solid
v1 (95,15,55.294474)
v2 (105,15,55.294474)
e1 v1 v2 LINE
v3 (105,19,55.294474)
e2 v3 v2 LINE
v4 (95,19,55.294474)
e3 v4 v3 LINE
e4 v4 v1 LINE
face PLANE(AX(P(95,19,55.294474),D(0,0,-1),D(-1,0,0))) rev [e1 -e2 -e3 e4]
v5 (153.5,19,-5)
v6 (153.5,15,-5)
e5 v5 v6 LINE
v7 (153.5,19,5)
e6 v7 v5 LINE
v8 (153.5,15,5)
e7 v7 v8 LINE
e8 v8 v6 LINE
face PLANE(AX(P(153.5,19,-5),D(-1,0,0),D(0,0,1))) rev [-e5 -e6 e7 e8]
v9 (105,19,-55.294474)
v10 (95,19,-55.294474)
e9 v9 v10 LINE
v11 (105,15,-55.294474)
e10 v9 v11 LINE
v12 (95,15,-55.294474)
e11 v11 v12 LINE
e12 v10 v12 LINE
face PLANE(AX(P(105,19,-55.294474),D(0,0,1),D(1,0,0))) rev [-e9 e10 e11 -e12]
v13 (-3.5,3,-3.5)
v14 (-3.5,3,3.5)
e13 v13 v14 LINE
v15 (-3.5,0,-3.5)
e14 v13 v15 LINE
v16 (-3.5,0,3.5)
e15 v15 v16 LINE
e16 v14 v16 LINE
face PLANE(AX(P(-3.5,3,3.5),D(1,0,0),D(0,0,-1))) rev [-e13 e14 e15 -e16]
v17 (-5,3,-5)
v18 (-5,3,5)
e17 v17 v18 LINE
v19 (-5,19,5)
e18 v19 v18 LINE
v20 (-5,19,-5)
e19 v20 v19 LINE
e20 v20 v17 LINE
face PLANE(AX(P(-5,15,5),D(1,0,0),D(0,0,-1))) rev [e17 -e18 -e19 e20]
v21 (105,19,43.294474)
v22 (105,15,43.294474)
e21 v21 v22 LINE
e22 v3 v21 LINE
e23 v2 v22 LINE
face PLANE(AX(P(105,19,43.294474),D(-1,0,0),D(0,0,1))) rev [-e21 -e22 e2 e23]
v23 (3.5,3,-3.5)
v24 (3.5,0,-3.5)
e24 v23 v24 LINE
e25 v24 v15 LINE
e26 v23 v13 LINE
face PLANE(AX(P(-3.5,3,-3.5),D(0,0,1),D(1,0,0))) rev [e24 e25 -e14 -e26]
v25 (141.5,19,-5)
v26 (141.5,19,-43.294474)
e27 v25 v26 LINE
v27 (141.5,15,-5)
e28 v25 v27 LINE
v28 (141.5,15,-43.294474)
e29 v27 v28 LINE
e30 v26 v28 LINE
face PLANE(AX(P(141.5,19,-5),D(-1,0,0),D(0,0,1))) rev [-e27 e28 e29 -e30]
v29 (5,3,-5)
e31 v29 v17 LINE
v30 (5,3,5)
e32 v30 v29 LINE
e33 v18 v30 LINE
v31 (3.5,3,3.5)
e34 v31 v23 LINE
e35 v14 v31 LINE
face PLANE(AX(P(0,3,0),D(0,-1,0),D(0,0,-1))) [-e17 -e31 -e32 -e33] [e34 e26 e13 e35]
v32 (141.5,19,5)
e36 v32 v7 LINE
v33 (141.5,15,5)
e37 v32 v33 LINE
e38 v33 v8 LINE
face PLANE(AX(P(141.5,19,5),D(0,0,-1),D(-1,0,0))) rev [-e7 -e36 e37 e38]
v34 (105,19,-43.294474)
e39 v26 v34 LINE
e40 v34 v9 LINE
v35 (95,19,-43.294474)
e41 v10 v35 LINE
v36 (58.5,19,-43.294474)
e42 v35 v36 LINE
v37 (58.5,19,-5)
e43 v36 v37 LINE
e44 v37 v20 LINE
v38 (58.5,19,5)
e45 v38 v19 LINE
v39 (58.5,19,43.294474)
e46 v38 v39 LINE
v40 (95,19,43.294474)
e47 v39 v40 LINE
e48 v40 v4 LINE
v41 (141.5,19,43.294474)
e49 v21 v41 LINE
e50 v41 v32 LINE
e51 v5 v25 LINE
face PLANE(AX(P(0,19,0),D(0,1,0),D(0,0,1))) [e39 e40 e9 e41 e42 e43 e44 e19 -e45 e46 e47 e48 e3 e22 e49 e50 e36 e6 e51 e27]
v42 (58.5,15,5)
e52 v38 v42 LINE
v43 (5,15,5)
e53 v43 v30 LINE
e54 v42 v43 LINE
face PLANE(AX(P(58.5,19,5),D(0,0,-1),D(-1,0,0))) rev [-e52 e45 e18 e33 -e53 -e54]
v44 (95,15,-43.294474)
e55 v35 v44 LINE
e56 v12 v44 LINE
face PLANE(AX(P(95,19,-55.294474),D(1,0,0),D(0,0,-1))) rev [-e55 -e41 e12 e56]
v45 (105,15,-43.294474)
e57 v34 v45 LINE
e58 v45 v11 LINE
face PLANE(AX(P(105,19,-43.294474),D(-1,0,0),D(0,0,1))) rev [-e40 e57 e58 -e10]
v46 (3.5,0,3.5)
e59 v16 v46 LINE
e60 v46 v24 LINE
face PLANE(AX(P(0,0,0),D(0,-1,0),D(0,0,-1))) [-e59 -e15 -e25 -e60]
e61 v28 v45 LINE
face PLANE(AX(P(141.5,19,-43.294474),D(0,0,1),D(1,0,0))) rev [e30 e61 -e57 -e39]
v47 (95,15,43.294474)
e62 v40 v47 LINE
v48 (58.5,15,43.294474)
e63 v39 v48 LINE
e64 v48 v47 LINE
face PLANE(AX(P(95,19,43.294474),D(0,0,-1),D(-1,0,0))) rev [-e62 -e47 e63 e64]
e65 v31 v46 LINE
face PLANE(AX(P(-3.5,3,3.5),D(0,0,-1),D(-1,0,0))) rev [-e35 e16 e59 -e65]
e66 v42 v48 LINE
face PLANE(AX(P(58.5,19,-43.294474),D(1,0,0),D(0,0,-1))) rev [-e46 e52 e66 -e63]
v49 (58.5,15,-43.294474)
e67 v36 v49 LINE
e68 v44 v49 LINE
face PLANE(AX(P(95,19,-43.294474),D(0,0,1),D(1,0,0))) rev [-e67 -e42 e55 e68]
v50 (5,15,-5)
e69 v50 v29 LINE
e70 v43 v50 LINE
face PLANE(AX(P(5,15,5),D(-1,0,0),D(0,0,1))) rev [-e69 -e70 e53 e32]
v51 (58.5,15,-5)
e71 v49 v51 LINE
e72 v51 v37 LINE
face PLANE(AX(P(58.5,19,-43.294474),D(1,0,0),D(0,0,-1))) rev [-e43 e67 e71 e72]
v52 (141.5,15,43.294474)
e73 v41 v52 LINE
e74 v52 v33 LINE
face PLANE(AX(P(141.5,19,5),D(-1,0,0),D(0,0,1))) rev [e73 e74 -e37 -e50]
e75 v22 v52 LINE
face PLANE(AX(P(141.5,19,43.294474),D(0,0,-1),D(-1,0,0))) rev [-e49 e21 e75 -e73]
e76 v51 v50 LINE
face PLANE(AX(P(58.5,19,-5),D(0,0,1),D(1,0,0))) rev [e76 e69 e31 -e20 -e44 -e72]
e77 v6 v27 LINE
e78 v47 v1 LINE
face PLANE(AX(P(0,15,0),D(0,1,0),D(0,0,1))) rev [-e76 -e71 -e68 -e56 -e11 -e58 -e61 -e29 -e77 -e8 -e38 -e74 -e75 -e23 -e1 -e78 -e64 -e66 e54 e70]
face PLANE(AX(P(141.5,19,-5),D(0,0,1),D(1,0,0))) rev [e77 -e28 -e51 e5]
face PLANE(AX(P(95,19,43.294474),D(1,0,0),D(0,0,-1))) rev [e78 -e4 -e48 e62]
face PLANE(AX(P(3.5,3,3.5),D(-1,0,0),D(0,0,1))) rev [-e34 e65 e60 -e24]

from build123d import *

# Parameters (mm, degrees)
SKETCH1_W           = 7
SKETCH1_H           = 7
BOSS_EXTRUDE1_DEPTH = 3
SKETCH3_W           = 10
SKETCH3_H           = 10
BOSS_EXTRUDE2_DEPTH = 12
BOSS_EXTRUDE4_DEPTH = 4
SKETCH7_W           = 10
SKETCH7_H           = 10
BOSS_EXTRUDE6_DEPTH = 4
SKETCH8_W           = 10
SKETCH8_H           = 4
BOSS_EXTRUDE7_DEPTH = 53.5


with BuildPart() as part:
    # Sketch1 → Boss-Extrude1 (new body)
    with BuildSketch(Plane(origin=(0, 0, 0), x_dir=(1, 0, 0), z_dir=(0, 1, 0))):
        Rectangle(SKETCH1_W, SKETCH1_H)
    extrude(amount=BOSS_EXTRUDE1_DEPTH)

    # Sketch3 → Boss-Extrude2 (add)
    with BuildSketch(Plane(origin=(0, 3, 0), x_dir=(1, 0, 0), z_dir=(0, 1, 0))):
        Rectangle(SKETCH3_W, SKETCH3_H)
    extrude(amount=BOSS_EXTRUDE2_DEPTH)

    # Sketch7 → Boss-Extrude6 (add)
    with BuildSketch(Plane(origin=(0, 15, 0), x_dir=(1, 0, 0), z_dir=(0, 1, 0))):
        Rectangle(SKETCH7_W, SKETCH7_H)
    extrude(amount=BOSS_EXTRUDE6_DEPTH)



with BuildPart() as body_2:
    # Sketch4 → Boss-Extrude4 (new body)
    with BuildSketch(Plane(origin=(0, 15, 0), x_dir=(1, 0, 0), z_dir=(0, 1, 0))):
        Polygon((105, 43.294473551), (105, 55.294473551), (95, 55.294473551), (95, 43.294473551), (58.5, 43.294473551), (58.5, -43.294473551), (95, -43.294473551), (95, -55.294473551), (105, -55.294473551), (105, -43.294473551), (141.5, -43.294473551), (141.5, -5), (153.5, -5), (153.5, 5), (141.5, 5), (141.5, 43.294473551), align=None)
    extrude(amount=BOSS_EXTRUDE4_DEPTH)


with BuildPart() as part_1:
    add(part.part)

    add(body_2.part)  # Boss-Extrude7 merges body 2
    # Sketch8 → Boss-Extrude7 (add)
    with BuildSketch(Plane(origin=(5, 0, 0), x_dir=(0, 0, -1), z_dir=(1, 0, 0))):
        with Locations((0, 17)):
            Rectangle(SKETCH8_W, SKETCH8_H)
    extrude(amount=BOSS_EXTRUDE7_DEPTH)


solid = part_1.part
